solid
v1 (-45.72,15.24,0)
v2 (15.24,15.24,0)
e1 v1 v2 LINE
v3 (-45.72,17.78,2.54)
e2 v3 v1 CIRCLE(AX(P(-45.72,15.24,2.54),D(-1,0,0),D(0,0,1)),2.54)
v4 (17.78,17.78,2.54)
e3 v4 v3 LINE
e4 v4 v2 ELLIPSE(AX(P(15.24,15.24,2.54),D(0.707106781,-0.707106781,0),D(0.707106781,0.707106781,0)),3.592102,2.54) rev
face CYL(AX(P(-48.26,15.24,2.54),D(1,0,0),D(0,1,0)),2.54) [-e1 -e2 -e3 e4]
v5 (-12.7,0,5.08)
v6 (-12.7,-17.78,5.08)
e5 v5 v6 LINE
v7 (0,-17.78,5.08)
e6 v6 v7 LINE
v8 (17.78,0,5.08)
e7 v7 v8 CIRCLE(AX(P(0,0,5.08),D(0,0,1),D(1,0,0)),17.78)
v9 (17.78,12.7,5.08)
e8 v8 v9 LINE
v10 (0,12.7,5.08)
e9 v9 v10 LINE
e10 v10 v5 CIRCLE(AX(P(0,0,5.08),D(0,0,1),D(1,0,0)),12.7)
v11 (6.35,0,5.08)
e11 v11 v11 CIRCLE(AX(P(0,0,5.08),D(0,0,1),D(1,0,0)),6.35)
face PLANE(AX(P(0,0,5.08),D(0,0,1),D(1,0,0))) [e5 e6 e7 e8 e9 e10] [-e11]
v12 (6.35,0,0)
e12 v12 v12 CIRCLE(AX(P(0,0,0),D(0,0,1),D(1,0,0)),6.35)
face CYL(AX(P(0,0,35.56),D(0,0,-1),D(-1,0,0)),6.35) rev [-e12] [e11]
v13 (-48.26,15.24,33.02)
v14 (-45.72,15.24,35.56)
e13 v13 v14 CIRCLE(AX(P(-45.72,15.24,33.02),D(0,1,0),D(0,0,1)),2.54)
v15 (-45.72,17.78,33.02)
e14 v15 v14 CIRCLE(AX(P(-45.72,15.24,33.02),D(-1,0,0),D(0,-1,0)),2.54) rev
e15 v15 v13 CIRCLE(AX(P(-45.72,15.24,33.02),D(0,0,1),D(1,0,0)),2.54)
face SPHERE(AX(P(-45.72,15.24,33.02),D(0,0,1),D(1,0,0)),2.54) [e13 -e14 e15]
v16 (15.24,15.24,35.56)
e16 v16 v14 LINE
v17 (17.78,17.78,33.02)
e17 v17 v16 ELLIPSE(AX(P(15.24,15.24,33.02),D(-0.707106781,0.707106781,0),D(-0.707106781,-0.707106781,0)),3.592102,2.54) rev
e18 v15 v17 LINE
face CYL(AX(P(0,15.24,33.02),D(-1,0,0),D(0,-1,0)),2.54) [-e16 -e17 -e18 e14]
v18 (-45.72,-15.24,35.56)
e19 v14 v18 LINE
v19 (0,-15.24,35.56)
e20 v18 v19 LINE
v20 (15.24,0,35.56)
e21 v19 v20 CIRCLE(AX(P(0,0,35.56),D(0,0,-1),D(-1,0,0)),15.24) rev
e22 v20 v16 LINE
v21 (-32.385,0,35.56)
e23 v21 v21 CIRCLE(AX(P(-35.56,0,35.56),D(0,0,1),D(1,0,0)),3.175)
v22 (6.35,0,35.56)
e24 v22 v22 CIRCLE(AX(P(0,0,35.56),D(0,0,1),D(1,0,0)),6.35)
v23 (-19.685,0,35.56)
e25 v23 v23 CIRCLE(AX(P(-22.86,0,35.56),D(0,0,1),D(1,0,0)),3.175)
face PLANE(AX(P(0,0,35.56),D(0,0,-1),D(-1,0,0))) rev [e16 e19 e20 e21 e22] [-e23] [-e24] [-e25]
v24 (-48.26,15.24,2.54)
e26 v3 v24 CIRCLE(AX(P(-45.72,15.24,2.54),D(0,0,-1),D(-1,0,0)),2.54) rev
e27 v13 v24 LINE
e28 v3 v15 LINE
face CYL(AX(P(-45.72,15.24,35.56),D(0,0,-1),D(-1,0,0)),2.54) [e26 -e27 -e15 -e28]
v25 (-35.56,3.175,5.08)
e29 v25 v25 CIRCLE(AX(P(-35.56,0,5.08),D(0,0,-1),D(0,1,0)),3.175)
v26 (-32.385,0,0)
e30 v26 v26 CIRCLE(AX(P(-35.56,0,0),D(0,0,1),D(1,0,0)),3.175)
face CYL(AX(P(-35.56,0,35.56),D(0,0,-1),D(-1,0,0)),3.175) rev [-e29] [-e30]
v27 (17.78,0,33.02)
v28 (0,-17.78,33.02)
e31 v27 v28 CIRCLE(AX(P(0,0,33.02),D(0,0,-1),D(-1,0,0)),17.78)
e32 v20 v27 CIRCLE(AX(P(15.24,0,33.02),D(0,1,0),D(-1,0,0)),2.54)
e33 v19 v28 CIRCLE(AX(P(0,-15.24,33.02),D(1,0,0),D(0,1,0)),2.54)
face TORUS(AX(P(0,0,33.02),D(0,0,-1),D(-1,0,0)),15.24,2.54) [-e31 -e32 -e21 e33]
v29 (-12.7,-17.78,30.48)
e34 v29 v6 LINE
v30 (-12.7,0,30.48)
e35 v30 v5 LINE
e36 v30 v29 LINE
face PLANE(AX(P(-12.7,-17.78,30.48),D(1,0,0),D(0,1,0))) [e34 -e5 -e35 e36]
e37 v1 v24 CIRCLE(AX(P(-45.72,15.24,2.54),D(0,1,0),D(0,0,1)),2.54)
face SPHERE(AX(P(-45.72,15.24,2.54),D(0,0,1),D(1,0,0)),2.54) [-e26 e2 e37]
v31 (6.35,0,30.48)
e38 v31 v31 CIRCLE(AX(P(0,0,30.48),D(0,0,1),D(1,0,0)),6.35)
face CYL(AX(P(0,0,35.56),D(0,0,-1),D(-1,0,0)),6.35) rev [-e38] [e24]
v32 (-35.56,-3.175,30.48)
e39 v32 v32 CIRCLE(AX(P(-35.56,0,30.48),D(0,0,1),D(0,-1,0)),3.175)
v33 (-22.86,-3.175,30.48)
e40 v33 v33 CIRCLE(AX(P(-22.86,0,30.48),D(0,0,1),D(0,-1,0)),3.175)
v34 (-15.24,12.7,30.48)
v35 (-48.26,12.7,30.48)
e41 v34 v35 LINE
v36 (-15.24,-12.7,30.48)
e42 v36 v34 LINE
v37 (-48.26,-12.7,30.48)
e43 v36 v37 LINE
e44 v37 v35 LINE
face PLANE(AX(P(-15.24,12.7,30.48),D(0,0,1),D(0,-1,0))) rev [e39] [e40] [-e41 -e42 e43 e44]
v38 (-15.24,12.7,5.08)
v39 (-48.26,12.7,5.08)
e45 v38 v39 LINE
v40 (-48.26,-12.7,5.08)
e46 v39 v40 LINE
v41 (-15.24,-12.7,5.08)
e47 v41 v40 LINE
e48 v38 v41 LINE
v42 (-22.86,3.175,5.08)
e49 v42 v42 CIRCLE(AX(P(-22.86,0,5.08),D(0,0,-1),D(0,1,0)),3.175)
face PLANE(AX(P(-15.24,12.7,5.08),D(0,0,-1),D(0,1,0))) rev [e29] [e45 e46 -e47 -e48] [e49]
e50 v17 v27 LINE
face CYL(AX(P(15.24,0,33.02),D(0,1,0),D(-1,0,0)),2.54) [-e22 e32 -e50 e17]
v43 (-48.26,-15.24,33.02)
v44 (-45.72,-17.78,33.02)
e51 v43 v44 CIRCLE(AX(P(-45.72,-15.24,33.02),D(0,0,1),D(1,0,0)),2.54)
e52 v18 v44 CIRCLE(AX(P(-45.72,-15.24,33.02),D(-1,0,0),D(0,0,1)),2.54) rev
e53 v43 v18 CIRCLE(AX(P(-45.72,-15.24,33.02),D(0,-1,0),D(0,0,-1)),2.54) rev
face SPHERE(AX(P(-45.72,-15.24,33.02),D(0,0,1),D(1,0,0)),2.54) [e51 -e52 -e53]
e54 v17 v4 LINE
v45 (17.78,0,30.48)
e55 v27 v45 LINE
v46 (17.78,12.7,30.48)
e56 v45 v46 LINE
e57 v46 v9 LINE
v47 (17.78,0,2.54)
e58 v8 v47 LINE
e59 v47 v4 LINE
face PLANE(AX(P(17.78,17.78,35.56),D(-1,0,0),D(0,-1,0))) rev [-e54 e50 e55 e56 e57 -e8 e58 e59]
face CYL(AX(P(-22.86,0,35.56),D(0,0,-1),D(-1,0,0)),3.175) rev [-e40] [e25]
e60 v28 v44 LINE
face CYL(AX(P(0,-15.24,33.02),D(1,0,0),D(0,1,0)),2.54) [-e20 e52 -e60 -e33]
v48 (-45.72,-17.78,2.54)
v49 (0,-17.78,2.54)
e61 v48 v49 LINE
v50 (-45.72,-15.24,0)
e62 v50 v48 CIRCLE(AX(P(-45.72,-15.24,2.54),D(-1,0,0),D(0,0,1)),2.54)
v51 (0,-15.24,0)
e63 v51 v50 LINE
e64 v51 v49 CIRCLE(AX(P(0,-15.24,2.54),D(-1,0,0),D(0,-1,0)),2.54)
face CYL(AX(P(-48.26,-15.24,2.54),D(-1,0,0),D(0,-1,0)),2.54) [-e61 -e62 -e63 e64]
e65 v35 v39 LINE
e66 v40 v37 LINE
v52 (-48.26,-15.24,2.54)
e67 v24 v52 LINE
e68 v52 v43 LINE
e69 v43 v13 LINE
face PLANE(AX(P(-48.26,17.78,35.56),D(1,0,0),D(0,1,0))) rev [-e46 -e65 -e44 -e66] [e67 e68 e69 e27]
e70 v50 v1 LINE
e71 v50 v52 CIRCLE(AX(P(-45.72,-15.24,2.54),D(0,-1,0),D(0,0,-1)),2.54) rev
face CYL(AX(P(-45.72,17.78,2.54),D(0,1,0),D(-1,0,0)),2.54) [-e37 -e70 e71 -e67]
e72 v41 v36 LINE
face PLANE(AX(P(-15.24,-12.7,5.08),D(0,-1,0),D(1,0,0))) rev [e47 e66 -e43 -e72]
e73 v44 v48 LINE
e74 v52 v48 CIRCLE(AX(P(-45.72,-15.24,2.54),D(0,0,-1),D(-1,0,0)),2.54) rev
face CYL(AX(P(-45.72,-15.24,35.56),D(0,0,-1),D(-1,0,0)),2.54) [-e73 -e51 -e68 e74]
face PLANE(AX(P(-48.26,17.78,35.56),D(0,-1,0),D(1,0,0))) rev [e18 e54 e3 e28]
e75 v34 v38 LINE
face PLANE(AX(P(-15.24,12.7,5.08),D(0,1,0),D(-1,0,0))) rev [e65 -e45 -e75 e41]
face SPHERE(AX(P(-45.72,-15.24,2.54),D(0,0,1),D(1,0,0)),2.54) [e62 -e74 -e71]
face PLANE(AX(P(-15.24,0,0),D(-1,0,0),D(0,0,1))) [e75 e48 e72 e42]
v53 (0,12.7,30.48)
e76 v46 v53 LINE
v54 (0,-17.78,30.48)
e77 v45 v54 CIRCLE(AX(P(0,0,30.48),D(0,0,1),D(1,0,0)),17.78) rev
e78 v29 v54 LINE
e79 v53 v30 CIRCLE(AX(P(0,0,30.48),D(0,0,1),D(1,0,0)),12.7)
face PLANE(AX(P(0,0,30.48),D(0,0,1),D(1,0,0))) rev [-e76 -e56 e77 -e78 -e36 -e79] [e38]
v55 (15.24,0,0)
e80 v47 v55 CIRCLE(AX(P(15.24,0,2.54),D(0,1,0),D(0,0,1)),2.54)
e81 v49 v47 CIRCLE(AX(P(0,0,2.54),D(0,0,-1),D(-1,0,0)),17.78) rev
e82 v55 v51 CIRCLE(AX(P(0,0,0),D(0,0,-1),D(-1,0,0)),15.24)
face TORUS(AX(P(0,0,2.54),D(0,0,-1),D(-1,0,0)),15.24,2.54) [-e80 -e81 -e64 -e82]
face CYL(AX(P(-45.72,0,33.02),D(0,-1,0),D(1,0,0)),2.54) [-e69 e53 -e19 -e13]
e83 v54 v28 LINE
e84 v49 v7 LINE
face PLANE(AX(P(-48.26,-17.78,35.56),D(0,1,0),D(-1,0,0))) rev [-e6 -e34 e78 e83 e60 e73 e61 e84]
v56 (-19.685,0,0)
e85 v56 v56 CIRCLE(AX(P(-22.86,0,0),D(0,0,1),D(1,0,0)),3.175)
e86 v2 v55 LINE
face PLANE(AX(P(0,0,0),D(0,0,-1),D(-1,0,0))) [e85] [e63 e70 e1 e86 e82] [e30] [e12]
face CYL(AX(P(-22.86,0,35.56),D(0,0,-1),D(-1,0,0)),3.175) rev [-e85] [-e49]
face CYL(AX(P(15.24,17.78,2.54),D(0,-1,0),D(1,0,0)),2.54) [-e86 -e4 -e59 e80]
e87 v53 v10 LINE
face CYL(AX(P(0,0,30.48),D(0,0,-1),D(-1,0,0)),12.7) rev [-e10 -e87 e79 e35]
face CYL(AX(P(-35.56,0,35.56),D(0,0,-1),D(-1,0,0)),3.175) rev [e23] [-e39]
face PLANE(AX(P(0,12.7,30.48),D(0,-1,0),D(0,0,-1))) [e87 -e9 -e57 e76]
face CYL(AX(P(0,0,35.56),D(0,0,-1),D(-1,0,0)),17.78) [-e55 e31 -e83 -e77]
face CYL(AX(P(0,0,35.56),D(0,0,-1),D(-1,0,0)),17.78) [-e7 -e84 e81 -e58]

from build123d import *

# Parameters (mm, degrees)
SKETCH1_W               = 66.04
SKETCH1_H               = 35.56
SKETCH1_R               = 6.35
SKETCH1_R_2             = 3.175
BOSS_EXTRUDE1_DEPTH     = 35.56
CUT_EXTRUDE1_DEPTH      = 12.7
CUT_EXTRUDE1_DEPTH_BACK = 12.7
SKETCH3_W               = 25.4
SKETCH3_H               = 25.4
CUT_EXTRUDE2_DEPTH      = 33.02
FILLET1_R               = 17.78
FILLET2_R               = 2.54


with BuildPart() as part:
    # Sketch1 → Boss-Extrude1 (new body)
    with BuildSketch(Plane.XY):
        with Locations((-15.24, 0)):
            Rectangle(SKETCH1_W, SKETCH1_H)
        Circle(SKETCH1_R, mode=Mode.SUBTRACT)
        with Locations((-35.56, 0)):
            Circle(SKETCH1_R_2, mode=Mode.SUBTRACT)
        with Locations((-22.86, 0)):
            Circle(SKETCH1_R_2, mode=Mode.SUBTRACT)
    extrude(amount=BOSS_EXTRUDE1_DEPTH)

    # Sketch2 → Cut-Extrude1 (cut, two sides)
    with BuildSketch(Plane.XY.offset(17.78)) as cut_extrude1_sk:
        with BuildLine():
            Line((0, 12.7), (17.78, 12.7))
            Line((17.78, 12.7), (17.78, -17.78))
            Line((17.78, -17.78), (-12.7, -17.78))
            Line((-12.7, -17.78), (-12.7, 0))
            ThreePointArc((-12.7, 0), (-8.980256121, 8.980256121), (0, 12.7))
        make_face()
    extrude(amount=CUT_EXTRUDE1_DEPTH, mode=Mode.SUBTRACT)
    extrude(cut_extrude1_sk.sketch, amount=-CUT_EXTRUDE1_DEPTH_BACK, mode=Mode.SUBTRACT)

    # Sketch3 → Cut-Extrude2 (cut)
    with BuildSketch(Plane.ZY.offset(48.26)):
        with Locations((17.78, 0)):
            Rectangle(SKETCH3_W, SKETCH3_H)
    extrude(amount=-CUT_EXTRUDE2_DEPTH, mode=Mode.SUBTRACT)

    # Fillet1
    fillet1_edges = [part.edges().sort_by_distance(p)[0] for p in [
        (17.78, -17.78, 2.54),
        (17.78, -17.78, 33.02),
    ]]
    fillet(fillet1_edges, radius=FILLET1_R)

    # Fillet2
    fillet2_edges = [part.edges().sort_by_distance(p)[0] for p in [
        (-24.13, -17.78, 35.56),
        (-15.24, 17.78, 35.56),
        (-24.13, -17.78, 0),
        (-48.26, 0, 0),
        (-15.24, 17.78, 0),
        (17.78, 8.89, 0),
        (17.78, 8.89, 35.56),
        (12.572358569, -12.572358569, 35.56),
        (12.572358569, -12.572358569, 0),
        (-48.26, -17.78, 17.78),
        (-48.26, 17.78, 17.78),
        (-48.26, 0, 35.56),
    ]]
    fillet(fillet2_edges, radius=FILLET2_R)


solid = part.part
